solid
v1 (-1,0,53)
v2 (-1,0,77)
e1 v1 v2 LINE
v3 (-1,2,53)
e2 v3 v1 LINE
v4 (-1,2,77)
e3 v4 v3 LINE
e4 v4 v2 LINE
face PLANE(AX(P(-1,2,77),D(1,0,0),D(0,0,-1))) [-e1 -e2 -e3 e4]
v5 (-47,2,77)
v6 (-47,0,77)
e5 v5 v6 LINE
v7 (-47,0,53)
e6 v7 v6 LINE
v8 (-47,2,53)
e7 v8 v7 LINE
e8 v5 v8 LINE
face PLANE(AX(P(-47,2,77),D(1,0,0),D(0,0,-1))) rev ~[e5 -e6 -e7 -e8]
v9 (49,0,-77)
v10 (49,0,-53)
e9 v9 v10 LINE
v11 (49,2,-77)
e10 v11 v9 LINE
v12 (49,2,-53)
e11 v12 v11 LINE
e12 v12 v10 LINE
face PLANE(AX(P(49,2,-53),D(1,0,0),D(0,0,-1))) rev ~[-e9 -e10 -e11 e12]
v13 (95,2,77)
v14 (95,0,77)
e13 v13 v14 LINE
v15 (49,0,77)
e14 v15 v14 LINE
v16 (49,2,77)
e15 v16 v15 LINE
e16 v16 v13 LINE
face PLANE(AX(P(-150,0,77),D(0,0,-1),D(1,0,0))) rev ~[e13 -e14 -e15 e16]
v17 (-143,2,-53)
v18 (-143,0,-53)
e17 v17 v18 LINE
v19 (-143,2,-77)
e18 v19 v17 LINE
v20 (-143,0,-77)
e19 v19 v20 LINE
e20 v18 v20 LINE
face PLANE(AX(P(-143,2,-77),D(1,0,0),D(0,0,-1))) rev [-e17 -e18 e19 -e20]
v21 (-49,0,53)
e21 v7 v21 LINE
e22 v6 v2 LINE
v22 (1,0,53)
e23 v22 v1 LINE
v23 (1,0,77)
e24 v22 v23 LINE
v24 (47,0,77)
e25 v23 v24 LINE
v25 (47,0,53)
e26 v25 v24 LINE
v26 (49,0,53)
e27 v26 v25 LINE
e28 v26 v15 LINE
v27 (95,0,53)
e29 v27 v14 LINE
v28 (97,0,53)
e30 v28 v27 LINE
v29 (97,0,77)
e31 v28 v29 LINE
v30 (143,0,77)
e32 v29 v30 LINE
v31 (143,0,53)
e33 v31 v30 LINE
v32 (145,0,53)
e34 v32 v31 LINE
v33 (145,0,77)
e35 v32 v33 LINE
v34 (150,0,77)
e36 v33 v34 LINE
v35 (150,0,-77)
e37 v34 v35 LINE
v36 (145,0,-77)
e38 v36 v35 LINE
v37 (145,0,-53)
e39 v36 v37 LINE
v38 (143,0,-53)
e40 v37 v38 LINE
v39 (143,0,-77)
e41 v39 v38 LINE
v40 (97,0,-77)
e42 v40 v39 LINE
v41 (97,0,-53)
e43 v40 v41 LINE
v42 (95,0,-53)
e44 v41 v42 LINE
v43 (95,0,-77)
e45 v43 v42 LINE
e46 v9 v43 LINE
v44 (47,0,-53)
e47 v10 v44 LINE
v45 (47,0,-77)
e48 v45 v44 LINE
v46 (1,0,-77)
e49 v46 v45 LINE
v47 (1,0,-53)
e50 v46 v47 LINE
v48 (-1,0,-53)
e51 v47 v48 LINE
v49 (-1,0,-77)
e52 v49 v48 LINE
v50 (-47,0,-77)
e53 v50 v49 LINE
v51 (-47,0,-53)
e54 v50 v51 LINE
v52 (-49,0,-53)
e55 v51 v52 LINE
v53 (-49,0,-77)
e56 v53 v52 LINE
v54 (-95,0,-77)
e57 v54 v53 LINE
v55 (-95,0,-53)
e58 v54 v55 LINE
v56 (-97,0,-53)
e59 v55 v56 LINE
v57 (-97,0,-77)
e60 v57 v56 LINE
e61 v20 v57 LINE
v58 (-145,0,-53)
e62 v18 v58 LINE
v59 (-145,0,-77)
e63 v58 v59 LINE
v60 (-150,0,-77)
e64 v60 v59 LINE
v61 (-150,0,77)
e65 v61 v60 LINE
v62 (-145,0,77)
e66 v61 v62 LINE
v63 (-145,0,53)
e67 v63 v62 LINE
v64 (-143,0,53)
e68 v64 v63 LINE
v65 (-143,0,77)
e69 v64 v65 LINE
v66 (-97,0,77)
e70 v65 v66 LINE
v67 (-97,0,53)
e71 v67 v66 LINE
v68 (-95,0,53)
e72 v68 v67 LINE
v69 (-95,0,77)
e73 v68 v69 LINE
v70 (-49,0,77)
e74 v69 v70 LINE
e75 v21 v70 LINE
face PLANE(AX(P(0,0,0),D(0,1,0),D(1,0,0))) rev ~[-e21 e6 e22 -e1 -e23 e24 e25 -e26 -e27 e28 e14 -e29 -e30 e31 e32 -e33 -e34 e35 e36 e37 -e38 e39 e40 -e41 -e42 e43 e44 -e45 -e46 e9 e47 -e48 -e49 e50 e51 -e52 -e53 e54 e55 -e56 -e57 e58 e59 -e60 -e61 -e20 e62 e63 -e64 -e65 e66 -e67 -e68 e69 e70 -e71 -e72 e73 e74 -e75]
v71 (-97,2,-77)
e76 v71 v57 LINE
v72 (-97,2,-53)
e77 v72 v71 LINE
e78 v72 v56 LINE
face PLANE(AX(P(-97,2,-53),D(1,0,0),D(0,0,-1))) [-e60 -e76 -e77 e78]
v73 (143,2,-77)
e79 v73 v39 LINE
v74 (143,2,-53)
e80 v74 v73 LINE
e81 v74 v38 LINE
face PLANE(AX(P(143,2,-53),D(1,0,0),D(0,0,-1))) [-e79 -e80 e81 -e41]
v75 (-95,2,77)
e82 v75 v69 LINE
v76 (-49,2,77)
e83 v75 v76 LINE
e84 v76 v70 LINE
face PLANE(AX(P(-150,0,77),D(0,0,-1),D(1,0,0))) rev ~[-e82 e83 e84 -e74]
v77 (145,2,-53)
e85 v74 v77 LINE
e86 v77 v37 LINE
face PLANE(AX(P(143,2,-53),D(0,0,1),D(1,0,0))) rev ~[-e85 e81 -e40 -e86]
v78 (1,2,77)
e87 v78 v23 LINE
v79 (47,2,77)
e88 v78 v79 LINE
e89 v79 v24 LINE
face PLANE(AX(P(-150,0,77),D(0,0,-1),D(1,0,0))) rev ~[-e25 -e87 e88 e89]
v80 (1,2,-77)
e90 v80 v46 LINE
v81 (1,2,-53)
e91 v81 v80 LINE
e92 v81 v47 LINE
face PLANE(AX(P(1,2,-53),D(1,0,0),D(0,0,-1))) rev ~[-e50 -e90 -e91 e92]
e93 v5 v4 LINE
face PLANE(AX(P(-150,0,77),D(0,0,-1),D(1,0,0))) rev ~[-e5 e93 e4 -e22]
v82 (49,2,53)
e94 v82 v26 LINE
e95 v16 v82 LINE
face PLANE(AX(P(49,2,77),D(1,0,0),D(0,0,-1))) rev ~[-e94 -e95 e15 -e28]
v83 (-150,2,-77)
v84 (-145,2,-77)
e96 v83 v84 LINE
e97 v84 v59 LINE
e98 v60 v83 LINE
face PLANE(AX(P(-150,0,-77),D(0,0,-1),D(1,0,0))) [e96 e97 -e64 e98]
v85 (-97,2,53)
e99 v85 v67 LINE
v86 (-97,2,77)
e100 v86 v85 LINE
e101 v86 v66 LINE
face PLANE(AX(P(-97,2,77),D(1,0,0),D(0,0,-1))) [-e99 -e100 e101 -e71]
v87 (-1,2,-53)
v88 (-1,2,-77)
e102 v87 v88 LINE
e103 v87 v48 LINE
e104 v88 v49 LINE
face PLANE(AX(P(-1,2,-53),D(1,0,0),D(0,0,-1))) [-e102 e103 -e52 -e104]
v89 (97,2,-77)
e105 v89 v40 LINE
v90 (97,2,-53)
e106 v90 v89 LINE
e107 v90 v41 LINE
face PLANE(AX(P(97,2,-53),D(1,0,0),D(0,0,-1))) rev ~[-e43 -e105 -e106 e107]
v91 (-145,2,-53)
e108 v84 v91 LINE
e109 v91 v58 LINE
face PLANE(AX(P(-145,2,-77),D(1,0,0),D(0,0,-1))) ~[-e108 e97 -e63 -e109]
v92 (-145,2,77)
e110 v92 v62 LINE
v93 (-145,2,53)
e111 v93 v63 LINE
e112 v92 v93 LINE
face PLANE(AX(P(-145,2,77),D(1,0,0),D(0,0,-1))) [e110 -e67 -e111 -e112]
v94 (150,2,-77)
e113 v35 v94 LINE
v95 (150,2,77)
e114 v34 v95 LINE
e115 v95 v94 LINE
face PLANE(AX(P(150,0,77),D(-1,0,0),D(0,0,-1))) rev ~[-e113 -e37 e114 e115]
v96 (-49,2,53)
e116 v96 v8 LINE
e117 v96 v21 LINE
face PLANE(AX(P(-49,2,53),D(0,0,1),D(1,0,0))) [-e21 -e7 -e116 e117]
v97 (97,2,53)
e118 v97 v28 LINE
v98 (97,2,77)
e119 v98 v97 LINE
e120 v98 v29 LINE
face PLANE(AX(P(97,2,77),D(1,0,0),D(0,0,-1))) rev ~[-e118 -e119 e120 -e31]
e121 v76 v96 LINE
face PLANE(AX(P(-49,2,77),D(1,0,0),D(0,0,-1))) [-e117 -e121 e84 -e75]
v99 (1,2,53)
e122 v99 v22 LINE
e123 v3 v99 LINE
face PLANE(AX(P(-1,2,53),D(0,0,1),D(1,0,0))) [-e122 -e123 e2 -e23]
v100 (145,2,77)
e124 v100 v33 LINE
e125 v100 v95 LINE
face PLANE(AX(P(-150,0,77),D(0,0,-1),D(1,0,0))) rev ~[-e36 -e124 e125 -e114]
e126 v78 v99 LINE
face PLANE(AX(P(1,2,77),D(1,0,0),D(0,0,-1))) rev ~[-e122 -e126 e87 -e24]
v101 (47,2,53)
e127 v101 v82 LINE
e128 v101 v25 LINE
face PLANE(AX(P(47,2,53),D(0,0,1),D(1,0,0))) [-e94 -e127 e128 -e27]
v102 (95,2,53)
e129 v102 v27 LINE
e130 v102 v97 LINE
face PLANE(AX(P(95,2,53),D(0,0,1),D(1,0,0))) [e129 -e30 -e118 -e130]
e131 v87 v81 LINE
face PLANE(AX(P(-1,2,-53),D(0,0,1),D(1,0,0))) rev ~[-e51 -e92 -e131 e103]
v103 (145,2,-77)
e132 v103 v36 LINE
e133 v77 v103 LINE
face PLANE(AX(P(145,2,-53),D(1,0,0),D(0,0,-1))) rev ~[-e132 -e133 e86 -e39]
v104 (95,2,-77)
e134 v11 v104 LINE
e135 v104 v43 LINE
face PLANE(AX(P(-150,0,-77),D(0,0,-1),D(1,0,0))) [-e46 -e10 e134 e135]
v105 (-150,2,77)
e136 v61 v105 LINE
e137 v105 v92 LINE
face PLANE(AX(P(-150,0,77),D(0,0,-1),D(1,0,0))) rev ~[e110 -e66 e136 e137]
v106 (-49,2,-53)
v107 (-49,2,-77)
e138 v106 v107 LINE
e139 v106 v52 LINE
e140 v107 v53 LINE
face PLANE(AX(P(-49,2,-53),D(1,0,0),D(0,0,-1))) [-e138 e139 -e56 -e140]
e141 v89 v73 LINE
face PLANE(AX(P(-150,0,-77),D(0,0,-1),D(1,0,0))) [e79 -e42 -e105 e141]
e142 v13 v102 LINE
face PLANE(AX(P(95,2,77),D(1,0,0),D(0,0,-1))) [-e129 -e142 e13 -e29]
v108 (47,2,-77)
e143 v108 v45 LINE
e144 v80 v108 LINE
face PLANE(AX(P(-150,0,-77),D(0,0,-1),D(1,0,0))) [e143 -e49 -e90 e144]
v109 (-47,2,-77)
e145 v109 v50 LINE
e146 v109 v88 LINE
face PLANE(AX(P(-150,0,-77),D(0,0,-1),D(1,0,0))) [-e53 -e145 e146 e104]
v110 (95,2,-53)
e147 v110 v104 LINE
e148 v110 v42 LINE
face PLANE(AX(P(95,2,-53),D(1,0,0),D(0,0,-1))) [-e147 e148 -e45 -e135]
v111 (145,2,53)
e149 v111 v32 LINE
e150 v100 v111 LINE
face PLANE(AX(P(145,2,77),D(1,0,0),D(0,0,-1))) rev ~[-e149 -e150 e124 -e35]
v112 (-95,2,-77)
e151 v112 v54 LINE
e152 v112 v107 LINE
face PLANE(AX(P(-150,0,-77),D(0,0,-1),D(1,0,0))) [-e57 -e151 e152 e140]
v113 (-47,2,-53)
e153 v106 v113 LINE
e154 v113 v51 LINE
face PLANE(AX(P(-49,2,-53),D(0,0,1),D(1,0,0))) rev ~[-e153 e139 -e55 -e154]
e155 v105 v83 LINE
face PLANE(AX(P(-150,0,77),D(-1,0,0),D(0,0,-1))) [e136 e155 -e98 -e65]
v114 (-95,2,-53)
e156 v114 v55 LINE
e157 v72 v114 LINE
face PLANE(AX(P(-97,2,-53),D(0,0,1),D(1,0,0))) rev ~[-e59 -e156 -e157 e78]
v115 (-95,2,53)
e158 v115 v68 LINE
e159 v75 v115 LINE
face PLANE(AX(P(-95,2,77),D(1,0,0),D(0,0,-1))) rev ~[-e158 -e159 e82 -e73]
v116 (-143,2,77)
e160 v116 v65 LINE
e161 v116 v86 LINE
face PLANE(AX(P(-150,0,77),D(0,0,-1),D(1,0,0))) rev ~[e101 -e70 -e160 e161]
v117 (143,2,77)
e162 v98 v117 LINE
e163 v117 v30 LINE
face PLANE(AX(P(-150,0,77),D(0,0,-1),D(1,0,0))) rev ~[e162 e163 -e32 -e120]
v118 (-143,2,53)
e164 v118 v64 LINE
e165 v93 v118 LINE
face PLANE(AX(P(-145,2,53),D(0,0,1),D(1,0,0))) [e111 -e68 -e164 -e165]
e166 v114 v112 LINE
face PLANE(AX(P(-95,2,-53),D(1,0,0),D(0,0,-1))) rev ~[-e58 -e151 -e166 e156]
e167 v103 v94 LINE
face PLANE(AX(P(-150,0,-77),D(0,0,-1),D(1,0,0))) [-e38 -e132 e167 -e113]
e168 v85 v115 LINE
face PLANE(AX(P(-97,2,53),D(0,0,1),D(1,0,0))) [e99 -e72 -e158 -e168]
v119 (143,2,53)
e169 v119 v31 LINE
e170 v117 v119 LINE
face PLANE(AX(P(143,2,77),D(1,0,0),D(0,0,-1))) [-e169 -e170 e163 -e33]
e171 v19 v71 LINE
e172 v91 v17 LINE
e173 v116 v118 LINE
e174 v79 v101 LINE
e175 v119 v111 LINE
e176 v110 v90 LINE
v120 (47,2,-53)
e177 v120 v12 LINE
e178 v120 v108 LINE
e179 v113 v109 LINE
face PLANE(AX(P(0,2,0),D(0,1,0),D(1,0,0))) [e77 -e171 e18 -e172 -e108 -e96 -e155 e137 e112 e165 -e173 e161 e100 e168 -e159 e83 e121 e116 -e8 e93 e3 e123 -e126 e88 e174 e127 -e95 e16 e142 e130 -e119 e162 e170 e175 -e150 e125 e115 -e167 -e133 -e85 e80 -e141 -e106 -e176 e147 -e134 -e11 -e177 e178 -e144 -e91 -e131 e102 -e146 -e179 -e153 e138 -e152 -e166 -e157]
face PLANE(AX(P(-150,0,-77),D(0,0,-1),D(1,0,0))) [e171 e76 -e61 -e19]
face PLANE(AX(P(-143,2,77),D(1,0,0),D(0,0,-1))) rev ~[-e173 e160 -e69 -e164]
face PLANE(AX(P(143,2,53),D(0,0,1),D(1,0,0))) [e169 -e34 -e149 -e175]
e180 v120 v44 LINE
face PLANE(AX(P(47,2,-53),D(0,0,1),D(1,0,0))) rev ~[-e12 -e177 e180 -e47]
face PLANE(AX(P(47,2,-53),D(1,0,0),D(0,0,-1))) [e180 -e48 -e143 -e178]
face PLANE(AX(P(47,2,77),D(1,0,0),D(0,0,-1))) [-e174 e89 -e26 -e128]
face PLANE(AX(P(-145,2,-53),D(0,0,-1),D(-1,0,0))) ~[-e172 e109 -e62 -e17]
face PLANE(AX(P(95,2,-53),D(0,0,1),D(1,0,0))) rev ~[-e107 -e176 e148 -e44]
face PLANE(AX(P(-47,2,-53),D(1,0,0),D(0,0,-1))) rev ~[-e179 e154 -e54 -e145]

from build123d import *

# Parameters (mm, degrees)
SKETCH1_W               = 300
SKETCH1_H               = 154
BOSS_EXTRUDE1_DEPTH     = 2
CUT_EXTRUDE1_REACH      = 170.621
SKETCH2_W               = 2
SKETCH2_H               = 24
LPATTERN1_COUNT         = 7
LPATTERN1_PITCH         = 48
MIRROR1_COPY_1_REACH    = 170.621
MIRROR1_COPY_1_SKETCH_W = 2
MIRROR1_COPY_1_SKETCH_H = 24
MIRROR1_COPY_2_REACH    = 170.621
MIRROR1_COPY_2_SKETCH_W = 2
MIRROR1_COPY_2_SKETCH_H = 24
MIRROR1_COPY_3_REACH    = 170.621
MIRROR1_COPY_3_SKETCH_W = 2
MIRROR1_COPY_3_SKETCH_H = 24
MIRROR1_COPY_4_REACH    = 170.621
MIRROR1_COPY_4_SKETCH_W = 2
MIRROR1_COPY_4_SKETCH_H = 24
MIRROR1_COPY_5_REACH    = 170.621
MIRROR1_COPY_5_SKETCH_W = 2
MIRROR1_COPY_5_SKETCH_H = 24
MIRROR1_COPY_6_REACH    = 170.621
MIRROR1_COPY_6_SKETCH_W = 2
MIRROR1_COPY_6_SKETCH_H = 24


with BuildPart() as part:
    # Sketch1 → Boss-Extrude1 (new body)
    with BuildSketch(Plane(origin=(0, 0, 0), x_dir=(1, 0, 0), z_dir=(0, 1, 0))):
        Rectangle(SKETCH1_W, SKETCH1_H)
    extrude(amount=BOSS_EXTRUDE1_DEPTH)

    # Sketch2 → Cut-Extrude1 (cut, up to next)
    with BuildSketch(Plane(origin=(0, 2, 0), x_dir=(1, 0, 0), z_dir=(0, 1, 0)), mode=Mode.PRIVATE) as cut_extrude1_sk1:
        with Locations((-144, -65)):
            Rectangle(SKETCH2_W, SKETCH2_H)
    cut_extrude1_tool1 = extrude(cut_extrude1_sk1.sketch, amount=-CUT_EXTRUDE1_REACH, mode=Mode.PRIVATE) & part.part
    cut_extrude1 = cut_extrude1_tool1.solids().sort_by_distance((-144, 2, 65))[0]
    add(cut_extrude1, mode=Mode.SUBTRACT)

    # LPattern1: Cut-Extrude1 ×7
    with Locations(*[(i * LPATTERN1_PITCH, 0, 0) for i in range(1, LPATTERN1_COUNT)]):
        add(cut_extrude1, mode=Mode.SUBTRACT)

    # Mirror1: Cut-Extrude1 across plane
    add(cut_extrude1.mirror(Plane.XY), mode=Mode.SUBTRACT)

    # Mirror1 copy 1 sketch → Mirror1 copy 1 (cut, up to next)
    with BuildSketch(Plane(origin=(48, 2, 0), x_dir=(1, 0, 0), z_dir=(0, 1, 0)), mode=Mode.PRIVATE) as mirror1_copy_1_sk1:
        with Locations((-144, 65)):
            Rectangle(MIRROR1_COPY_1_SKETCH_W, MIRROR1_COPY_1_SKETCH_H)
    mirror1_copy_1_tool1 = extrude(mirror1_copy_1_sk1.sketch, amount=-MIRROR1_COPY_1_REACH, mode=Mode.PRIVATE) & part.part
    add(mirror1_copy_1_tool1.solids().sort_by_distance((-96, 2, -65))[0], mode=Mode.SUBTRACT)

    # Mirror1 copy 2 sketch → Mirror1 copy 2 (cut, up to next)
    with BuildSketch(Plane(origin=(96, 2, 0), x_dir=(1, 0, 0), z_dir=(0, 1, 0)), mode=Mode.PRIVATE) as mirror1_copy_2_sk1:
        with Locations((-144, 65)):
            Rectangle(MIRROR1_COPY_2_SKETCH_W, MIRROR1_COPY_2_SKETCH_H)
    mirror1_copy_2_tool1 = extrude(mirror1_copy_2_sk1.sketch, amount=-MIRROR1_COPY_2_REACH, mode=Mode.PRIVATE) & part.part
    add(mirror1_copy_2_tool1.solids().sort_by_distance((-48, 2, -65))[0], mode=Mode.SUBTRACT)

    # Mirror1 copy 3 sketch → Mirror1 copy 3 (cut, up to next)
    with BuildSketch(Plane(origin=(144, 2, 0), x_dir=(1, 0, 0), z_dir=(0, 1, 0)), mode=Mode.PRIVATE) as mirror1_copy_3_sk1:
        with Locations((-144, 65)):
            Rectangle(MIRROR1_COPY_3_SKETCH_W, MIRROR1_COPY_3_SKETCH_H)
    mirror1_copy_3_tool1 = extrude(mirror1_copy_3_sk1.sketch, amount=-MIRROR1_COPY_3_REACH, mode=Mode.PRIVATE) & part.part
    add(mirror1_copy_3_tool1.solids().sort_by_distance((0, 2, -65))[0], mode=Mode.SUBTRACT)

    # Mirror1 copy 4 sketch → Mirror1 copy 4 (cut, up to next)
    with BuildSketch(Plane(origin=(192, 2, 0), x_dir=(1, 0, 0), z_dir=(0, 1, 0)), mode=Mode.PRIVATE) as mirror1_copy_4_sk1:
        with Locations((-144, 65)):
            Rectangle(MIRROR1_COPY_4_SKETCH_W, MIRROR1_COPY_4_SKETCH_H)
    mirror1_copy_4_tool1 = extrude(mirror1_copy_4_sk1.sketch, amount=-MIRROR1_COPY_4_REACH, mode=Mode.PRIVATE) & part.part
    add(mirror1_copy_4_tool1.solids().sort_by_distance((48, 2, -65))[0], mode=Mode.SUBTRACT)

    # Mirror1 copy 5 sketch → Mirror1 copy 5 (cut, up to next)
    with BuildSketch(Plane(origin=(240, 2, 0), x_dir=(1, 0, 0), z_dir=(0, 1, 0)), mode=Mode.PRIVATE) as mirror1_copy_5_sk1:
        with Locations((-144, 65)):
            Rectangle(MIRROR1_COPY_5_SKETCH_W, MIRROR1_COPY_5_SKETCH_H)
    mirror1_copy_5_tool1 = extrude(mirror1_copy_5_sk1.sketch, amount=-MIRROR1_COPY_5_REACH, mode=Mode.PRIVATE) & part.part
    add(mirror1_copy_5_tool1.solids().sort_by_distance((96, 2, -65))[0], mode=Mode.SUBTRACT)

    # Mirror1 copy 6 sketch → Mirror1 copy 6 (cut, up to next)
    with BuildSketch(Plane(origin=(288, 2, 0), x_dir=(1, 0, 0), z_dir=(0, 1, 0)), mode=Mode.PRIVATE) as mirror1_copy_6_sk1:
        with Locations((-144, 65)):
            Rectangle(MIRROR1_COPY_6_SKETCH_W, MIRROR1_COPY_6_SKETCH_H)
    mirror1_copy_6_tool1 = extrude(mirror1_copy_6_sk1.sketch, amount=-MIRROR1_COPY_6_REACH, mode=Mode.PRIVATE) & part.part
    add(mirror1_copy_6_tool1.solids().sort_by_distance((144, 2, -65))[0], mode=Mode.SUBTRACT)


solid = part.part
